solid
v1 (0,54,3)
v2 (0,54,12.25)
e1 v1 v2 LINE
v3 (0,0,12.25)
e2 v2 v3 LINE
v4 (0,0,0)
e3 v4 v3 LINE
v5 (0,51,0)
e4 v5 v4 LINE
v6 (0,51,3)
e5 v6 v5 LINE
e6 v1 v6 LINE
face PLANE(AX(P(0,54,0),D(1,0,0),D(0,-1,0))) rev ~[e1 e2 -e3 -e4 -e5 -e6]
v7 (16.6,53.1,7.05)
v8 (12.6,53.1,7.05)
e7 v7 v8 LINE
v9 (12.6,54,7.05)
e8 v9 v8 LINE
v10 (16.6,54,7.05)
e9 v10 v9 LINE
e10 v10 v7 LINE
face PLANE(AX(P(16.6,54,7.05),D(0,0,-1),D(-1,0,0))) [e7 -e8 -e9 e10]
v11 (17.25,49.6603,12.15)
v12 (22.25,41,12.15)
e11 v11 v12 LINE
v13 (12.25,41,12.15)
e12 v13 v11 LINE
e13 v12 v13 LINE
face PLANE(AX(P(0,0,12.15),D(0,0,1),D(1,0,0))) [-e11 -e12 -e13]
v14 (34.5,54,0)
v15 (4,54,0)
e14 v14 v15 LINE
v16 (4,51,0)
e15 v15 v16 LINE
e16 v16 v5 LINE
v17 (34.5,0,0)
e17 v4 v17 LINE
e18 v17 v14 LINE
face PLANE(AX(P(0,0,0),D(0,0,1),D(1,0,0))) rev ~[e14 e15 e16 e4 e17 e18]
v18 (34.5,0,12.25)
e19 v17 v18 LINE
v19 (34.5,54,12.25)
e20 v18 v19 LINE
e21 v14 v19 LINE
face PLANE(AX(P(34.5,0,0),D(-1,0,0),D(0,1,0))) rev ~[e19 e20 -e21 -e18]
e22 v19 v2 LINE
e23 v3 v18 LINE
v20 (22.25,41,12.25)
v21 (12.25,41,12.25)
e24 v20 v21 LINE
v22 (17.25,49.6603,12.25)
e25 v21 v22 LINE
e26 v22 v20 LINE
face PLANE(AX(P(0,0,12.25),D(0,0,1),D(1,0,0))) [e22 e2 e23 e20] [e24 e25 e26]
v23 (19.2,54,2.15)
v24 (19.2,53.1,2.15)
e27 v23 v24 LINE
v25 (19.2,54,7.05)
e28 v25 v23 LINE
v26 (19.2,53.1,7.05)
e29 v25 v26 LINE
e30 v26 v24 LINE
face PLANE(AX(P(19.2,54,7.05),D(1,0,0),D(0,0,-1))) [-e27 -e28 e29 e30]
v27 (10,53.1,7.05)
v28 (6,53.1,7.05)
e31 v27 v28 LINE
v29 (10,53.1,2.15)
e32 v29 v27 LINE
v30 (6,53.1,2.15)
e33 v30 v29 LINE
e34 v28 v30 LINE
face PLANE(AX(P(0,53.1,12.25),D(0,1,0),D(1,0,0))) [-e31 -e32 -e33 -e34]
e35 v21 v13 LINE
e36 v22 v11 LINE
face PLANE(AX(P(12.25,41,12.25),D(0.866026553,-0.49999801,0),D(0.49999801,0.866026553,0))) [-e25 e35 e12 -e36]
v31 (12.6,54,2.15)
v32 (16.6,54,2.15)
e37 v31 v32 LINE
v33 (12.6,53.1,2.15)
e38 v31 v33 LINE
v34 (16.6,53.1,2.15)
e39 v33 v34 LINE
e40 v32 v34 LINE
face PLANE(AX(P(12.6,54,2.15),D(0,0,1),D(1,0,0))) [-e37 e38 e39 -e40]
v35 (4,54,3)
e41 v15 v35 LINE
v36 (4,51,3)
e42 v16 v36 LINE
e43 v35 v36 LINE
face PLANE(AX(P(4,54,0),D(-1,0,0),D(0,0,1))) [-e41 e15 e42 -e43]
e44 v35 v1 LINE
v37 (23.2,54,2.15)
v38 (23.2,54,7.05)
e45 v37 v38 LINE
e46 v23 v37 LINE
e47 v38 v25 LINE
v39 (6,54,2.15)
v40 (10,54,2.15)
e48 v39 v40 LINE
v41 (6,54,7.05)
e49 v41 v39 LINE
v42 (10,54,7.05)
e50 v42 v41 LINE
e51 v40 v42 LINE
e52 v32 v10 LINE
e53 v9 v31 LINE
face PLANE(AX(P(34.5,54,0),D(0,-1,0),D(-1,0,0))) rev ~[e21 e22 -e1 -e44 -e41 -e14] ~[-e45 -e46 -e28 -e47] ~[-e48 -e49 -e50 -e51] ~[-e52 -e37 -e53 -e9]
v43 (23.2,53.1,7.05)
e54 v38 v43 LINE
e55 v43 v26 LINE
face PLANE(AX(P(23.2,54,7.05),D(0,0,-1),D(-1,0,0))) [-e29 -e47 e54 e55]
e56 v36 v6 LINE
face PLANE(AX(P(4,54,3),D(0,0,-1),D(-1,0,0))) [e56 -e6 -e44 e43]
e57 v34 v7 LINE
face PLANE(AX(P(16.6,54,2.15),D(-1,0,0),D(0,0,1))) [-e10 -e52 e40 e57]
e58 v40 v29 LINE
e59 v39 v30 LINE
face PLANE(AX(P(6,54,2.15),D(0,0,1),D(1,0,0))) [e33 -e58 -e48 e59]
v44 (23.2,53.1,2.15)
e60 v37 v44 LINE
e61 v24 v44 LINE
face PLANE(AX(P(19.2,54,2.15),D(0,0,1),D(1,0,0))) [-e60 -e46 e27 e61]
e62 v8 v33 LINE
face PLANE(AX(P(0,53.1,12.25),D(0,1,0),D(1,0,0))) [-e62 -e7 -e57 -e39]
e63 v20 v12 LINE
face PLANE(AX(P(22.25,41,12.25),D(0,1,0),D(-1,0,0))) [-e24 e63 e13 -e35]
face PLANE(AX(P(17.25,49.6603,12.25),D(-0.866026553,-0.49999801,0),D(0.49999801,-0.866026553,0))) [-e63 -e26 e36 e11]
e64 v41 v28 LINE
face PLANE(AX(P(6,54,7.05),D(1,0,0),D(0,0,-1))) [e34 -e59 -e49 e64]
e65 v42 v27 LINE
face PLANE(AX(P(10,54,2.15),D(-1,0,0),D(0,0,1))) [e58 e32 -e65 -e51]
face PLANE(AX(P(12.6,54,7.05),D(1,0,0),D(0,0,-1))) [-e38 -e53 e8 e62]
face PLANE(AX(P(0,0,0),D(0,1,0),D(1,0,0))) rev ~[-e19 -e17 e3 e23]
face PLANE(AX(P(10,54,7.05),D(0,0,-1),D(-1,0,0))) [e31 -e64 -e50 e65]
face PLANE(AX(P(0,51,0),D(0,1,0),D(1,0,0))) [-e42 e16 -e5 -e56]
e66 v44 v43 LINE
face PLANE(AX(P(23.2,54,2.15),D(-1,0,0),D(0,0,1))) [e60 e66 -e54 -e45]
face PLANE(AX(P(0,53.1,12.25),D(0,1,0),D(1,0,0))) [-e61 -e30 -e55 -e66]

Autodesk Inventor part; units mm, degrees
ref_plane "YZ Plane" through (0, 0, 0) normal (1, 0, 0) x (0, 1, 0)
ref_plane "XZ Plane" through (0, 0, 0) normal (0, 1, 0) x (-1, 0, 0)
ref_plane "XY Plane" through (0, 0, 0) normal (0, 0, 1) x (1, 0, 0)
sketch "Sketch1" plane through (0, 0, 0) normal (0, 0, 1) x (1, 0, 0)
  line L0 (0, 0) -> (34.5, 0)
  line L1 (34.5, 0) -> (34.5, 54)
  line L2 (34.5, 54) -> (0, 54)
  line L3 (0, 54) -> (0, 0)
  dimension "d0" = 54
  dimension "d1" = 34.5
extrude "Extrusion1" add sketch "Sketch1" along normal blind 12.25
sketch "Sketch2" plane through (0, 0, 12.25) normal (0, 0, 1) x (1, 0, 0)
  line L0 (12.25, 41) -> (17.25, 49.6603)
  line L1 (17.25, 49.6603) -> (22.25, 41)
  line L2 (22.25, 41) -> (12.25, 41)
  line L3 (0, 0) -> (34.5, 0) construction
  point P0 (17.25, 41)
  point P1 (17.25, 0)
  dimension "d4" = 41
  dimension "d5" = 10
extrude "Extrusion2" cut sketch "Sketch2" against normal blind 0.1
sketch "Sketch3" plane through (0, 54, 0) normal (0, 1, 0) x (1, 0, 0)
  line L0 (34.5, 0) -> (0, 0) construction
  line L1 (0, 0) -> (0, -12.25) construction
  line L2 (34.5, -12.25) -> (0, -12.25) construction
  line L3 (34.5, 0) -> (34.5, -12.25) construction
  line L4 (4, 0) -> (4, -3)
  line L5 (4, -3) -> (0, -3)
  line L6 (4, 0) -> (0, 0)
  line L7 (0, -3) -> (0, 0)
  point P0 (0, 0)
  dimension "d8" = 3
  dimension "d9" = 4
extrude "Extrusion3" cut sketch "Sketch3" against normal blind 3
sketch "Sketch4" plane through (0, 54, 12.25) normal (0, 1, 0) x (1, 0, 0)
  line L0 (4, 12.25) -> (4, 9.25) projected
  line L1 (4, 9.25) -> (0, 9.25) projected
  line L2 (0, 9.25) -> (0, 0) projected
  line L3 (34.5, 0) -> (0, 0) projected
  line L4 (34.5, 12.25) -> (34.5, 0) projected
  line L5 (34.5, 12.25) -> (4, 12.25) projected
  line L6 (6, 10.1) -> (10, 10.1)
  line L7 (10, 10.1) -> (10, 5.2)
  line L8 (10, 5.2) -> (6, 5.2)
  line L9 (6, 5.2) -> (6, 10.1)
  line L10 (12.6, 10.1) -> (16.6, 10.1)
  line L11 (16.6, 10.1) -> (16.6, 5.2)
  line L12 (16.6, 5.2) -> (12.6, 5.2)
  line L13 (12.6, 5.2) -> (12.6, 10.1)
  line L14 (19.2, 10.1) -> (23.2, 10.1)
  line L15 (23.2, 10.1) -> (23.2, 5.2)
  line L16 (23.2, 5.2) -> (19.2, 5.2)
  line L17 (19.2, 5.2) -> (19.2, 10.1)
  line L18 (10, 10.1) -> (12.6, 10.1) construction
  line L19 (2, 4.16) -> (4.43, 4.16)
  line L20 (4.43, 4.16) -> (4.43, 8.8603)
  line L21 (4.43, 8.8603) -> (2, 8.8603)
  line L22 (2, 8.8603) -> (2, 4.16)
  point P0 (0, 12.25)
  dimension "d12" = 2.15
  dimension "d13" = 4.9
  dimension "d14" = 6
  dimension "d15" = 4
  dimension "d16" = 12.6
  dimension "d17" = 2.6
  dimension "d18" = 2.6
  dimension "d21" = 2
  dimension "d22" = 4.7003
  dimension "d23" = 2.43
  dimension "d24" = 4.16
extrude "Extrusion4" cut sketch "Sketch4" against normal blind 0.9 contours L6 L7 L8 L9 | L10 L11 L12 L13 | L14 L15 L16 L17
sketch "Sketch5" plane through (0, 54, 12.25) normal (0, 1, 0) x (1, 0, 0)
  line L0 (20.3264, 2.5717) -> (22.0736, 2.5717) construction
  line L1 (22.0736, 2.5717) -> (22.0736, 2.1463) construction
  line L2 (22.0736, 2.1463) -> (20.3264, 2.1463) construction
  line L3 (20.3264, 2.1463) -> (20.3264, 2.5717) construction
  line L4 (23.2, 5.2) -> (19.2, 5.2) projected
  line L5 (15.4736, 2.1463) -> (13.7264, 2.1463) construction
  line L6 (13.7264, 2.1463) -> (13.7264, 2.5717) construction
  line L7 (13.7264, 2.5717) -> (15.4736, 2.5717) construction
  line L8 (15.4736, 2.5717) -> (15.4736, 2.1463) construction
  line L9 (16.6, 5.2) -> (12.6, 5.2) projected
  line L10 (8.8736, 2.5717) -> (8.8736, 2.1463) construction
  line L11 (8.8736, 2.1463) -> (7.1264, 2.1463) construction
  line L12 (7.1264, 2.1463) -> (7.1264, 2.5717) construction
  line L13 (7.1264, 2.5717) -> (8.8736, 2.5717) construction
  line L14 (10, 5.2) -> (6, 5.2) projected
  point P0 (0, 12.25)
  point P1 (21.2, 5.2)
  point P2 (21.2, 2.5717)
  point P3 (14.6, 2.1463)
  point P4 (14.6, 5.2)
  point P5 (8, 2.1463)
  point P6 (8, 5.2)
  point P7 (20.3264, 2.359)
  point P8 (15.4736, 2.359)
  point P9 (8.8736, 2.359)
  dimension "d25" = 2.6283
  dimension "d26" = 1.7472
  dimension "d27" = 0.4254
equation "\"d18\" = d17"
properties part number "battery model"
